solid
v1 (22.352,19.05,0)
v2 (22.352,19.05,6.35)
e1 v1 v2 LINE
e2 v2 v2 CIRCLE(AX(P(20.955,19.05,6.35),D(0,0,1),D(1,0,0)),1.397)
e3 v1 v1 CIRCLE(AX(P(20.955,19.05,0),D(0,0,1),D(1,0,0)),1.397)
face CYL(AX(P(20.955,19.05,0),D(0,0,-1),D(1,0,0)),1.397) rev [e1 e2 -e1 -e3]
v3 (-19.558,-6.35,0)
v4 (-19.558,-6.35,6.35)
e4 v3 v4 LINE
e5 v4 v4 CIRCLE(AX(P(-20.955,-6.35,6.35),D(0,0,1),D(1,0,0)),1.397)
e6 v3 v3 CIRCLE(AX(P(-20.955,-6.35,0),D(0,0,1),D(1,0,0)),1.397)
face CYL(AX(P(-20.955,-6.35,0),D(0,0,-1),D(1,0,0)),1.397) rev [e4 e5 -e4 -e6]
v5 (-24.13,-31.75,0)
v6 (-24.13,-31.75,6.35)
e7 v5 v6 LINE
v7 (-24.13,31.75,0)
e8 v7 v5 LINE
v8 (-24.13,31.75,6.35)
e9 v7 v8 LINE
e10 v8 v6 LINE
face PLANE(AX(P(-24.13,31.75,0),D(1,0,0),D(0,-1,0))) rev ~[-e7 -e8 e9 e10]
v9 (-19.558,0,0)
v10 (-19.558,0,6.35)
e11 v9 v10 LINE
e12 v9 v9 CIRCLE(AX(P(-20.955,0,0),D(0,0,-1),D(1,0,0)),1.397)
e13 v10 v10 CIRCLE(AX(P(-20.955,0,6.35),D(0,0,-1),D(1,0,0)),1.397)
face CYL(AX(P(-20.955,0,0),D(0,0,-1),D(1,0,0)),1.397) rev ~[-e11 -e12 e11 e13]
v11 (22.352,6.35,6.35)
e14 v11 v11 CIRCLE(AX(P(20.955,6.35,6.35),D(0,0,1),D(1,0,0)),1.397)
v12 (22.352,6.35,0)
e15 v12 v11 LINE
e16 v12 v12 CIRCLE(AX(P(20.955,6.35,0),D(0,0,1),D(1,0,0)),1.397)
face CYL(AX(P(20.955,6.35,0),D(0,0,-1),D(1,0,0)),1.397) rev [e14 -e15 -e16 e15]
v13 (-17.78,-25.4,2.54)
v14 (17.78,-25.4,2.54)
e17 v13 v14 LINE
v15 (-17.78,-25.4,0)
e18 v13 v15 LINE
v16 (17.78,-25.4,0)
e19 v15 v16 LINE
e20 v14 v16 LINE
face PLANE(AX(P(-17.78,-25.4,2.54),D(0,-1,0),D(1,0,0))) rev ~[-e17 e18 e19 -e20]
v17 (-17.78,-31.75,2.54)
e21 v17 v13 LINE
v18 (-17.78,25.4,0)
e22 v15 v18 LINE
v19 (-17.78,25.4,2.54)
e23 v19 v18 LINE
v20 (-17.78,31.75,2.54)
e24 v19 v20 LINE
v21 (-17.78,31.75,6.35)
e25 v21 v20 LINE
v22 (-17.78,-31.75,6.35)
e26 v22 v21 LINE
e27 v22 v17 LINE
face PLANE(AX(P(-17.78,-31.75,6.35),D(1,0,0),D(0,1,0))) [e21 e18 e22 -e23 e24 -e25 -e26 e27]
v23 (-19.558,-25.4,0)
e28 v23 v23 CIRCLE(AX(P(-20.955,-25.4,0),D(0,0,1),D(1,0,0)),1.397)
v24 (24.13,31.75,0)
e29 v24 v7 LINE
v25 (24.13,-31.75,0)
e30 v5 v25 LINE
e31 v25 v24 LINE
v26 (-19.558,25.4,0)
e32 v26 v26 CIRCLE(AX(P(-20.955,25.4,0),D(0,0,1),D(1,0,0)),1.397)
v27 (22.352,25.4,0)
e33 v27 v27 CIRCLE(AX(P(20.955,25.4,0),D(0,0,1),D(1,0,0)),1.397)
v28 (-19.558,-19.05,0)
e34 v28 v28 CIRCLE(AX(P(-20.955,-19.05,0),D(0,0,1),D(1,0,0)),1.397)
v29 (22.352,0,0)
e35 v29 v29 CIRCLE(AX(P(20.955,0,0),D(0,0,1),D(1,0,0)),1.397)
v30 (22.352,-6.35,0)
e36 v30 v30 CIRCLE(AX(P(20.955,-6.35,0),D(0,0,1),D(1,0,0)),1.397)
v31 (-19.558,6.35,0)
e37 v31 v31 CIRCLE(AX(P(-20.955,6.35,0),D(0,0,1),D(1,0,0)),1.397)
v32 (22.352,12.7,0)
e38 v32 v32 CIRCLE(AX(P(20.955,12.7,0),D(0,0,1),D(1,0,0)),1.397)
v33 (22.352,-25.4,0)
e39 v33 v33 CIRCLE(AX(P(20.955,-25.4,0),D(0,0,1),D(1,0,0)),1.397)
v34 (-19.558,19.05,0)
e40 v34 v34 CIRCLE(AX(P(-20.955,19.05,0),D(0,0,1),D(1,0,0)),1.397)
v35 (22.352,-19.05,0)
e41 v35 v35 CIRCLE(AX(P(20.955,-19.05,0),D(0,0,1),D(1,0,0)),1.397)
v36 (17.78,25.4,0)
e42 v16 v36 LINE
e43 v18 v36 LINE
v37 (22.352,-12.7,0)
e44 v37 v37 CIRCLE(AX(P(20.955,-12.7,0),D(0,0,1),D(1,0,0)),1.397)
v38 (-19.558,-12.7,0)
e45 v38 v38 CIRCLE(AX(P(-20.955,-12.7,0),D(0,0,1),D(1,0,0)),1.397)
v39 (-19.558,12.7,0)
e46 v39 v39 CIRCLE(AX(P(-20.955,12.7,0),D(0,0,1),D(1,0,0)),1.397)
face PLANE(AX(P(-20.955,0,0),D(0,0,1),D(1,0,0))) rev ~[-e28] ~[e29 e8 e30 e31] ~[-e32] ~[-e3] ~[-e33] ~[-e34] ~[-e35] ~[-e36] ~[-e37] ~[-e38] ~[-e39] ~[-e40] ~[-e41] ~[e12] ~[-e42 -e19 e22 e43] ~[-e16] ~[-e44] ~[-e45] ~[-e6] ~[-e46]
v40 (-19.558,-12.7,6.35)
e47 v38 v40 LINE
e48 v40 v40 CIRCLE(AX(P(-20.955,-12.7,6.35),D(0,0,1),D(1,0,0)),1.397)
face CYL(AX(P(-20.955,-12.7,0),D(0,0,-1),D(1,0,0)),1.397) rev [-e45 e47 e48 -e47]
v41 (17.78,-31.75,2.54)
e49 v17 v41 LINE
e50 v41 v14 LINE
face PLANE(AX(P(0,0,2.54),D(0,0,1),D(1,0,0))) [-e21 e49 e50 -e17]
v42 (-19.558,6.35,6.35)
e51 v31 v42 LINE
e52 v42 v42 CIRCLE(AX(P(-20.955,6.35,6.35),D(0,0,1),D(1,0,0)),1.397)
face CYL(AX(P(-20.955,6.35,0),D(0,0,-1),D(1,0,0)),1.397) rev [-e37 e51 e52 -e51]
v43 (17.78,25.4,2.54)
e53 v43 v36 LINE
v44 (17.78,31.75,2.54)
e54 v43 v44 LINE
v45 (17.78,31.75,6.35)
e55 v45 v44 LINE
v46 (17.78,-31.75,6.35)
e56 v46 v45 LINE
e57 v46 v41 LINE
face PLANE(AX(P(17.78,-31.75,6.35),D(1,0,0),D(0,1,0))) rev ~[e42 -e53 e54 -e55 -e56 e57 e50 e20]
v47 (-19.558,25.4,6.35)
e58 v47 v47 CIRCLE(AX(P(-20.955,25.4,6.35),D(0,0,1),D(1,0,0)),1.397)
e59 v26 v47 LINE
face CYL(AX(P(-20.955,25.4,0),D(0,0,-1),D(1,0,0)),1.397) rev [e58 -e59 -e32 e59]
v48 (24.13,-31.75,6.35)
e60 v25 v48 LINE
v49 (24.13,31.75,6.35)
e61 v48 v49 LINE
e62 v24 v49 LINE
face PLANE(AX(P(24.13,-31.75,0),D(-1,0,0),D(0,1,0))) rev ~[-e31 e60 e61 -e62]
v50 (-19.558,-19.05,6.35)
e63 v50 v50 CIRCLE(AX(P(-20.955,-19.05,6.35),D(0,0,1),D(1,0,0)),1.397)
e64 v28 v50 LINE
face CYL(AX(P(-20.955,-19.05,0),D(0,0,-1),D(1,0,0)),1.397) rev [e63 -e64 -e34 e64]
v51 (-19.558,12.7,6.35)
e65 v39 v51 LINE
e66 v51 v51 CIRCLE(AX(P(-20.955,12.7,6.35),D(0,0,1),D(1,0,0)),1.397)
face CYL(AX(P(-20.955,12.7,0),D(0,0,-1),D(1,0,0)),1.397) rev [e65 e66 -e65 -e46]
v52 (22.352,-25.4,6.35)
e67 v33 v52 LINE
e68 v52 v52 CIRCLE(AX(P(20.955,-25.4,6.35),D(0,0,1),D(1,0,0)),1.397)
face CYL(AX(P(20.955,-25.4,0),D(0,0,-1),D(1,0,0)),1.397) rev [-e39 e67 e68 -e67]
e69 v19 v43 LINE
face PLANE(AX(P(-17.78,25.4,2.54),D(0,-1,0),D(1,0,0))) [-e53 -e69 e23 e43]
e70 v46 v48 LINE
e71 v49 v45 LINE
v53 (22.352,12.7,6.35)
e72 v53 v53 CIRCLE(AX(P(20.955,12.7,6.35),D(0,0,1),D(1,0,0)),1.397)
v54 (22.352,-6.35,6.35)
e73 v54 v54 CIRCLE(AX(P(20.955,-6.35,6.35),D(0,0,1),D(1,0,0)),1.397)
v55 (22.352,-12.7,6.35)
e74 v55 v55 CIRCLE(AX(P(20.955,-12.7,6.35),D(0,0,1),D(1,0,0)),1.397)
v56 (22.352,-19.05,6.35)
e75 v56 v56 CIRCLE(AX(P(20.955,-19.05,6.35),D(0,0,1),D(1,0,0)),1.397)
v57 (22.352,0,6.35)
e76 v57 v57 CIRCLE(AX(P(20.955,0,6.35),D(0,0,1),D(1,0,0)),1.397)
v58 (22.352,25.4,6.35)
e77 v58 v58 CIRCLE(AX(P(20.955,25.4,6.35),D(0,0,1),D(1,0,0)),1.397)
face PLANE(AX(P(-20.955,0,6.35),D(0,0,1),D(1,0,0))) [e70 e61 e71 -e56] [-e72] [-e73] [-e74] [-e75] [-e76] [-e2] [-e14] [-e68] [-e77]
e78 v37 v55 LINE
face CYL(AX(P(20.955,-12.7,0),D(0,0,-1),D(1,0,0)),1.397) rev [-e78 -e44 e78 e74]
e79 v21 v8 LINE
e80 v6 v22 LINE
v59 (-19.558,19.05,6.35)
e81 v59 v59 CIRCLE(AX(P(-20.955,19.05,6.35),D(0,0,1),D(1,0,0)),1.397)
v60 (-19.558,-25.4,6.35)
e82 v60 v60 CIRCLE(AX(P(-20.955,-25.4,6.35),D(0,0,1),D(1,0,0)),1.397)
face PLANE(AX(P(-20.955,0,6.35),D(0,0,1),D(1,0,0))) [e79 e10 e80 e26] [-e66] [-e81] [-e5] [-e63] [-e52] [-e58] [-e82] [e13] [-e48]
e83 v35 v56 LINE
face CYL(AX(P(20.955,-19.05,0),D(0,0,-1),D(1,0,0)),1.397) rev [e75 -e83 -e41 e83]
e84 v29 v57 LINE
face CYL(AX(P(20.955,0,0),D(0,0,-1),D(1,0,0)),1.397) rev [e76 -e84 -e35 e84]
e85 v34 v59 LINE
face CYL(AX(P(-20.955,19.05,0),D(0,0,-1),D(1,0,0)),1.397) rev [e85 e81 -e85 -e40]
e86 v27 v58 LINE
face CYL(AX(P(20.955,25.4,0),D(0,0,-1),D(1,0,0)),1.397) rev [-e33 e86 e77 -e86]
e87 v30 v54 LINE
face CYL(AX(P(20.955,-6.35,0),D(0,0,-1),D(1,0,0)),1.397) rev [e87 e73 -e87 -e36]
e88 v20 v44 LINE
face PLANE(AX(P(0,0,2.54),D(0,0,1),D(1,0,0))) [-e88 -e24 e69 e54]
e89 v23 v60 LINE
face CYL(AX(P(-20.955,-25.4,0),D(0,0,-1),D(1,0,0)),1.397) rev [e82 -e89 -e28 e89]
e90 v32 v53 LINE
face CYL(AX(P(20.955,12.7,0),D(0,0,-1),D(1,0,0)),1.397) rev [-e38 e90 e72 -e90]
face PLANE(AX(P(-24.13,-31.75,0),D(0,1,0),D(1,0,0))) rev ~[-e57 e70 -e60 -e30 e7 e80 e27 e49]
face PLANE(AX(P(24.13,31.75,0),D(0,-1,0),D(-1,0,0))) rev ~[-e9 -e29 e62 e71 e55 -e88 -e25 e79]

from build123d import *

# Parameters (mm, degrees)
F0_R     = 1.397
F1_DEPTH = 6.35
F2_W     = 35.56
F2_H     = 63.5
F3_DEPTH = 3.81
F4_W     = 35.56
F4_H     = 50.8
F5_DEPTH = 25.4


with BuildPart() as f1:
    # F0 (on Top) → F1 (new body)
    with BuildSketch(Plane.XY):
        with BuildLine():
            ThreePointArc((-22.352, 0), (-20.955, -1.397), (-19.558, 0))
            ThreePointArc((-19.558, 0), (-20.955, 1.397), (-22.352, 0))
        make_face()
        Polygon((-24.13, 31.75), (-24.13, 0), (-24.13, -31.75), (-17.78, -31.75), (17.78, -31.75), (24.13, -31.75), (24.13, 31.75), (17.78, 31.75), (-17.78, 31.75), align=None)
        with Locations((-20.955, -25.4)):
            Circle(F0_R, mode=Mode.SUBTRACT)
        with Locations((-20.955, -19.05)):
            Circle(F0_R, mode=Mode.SUBTRACT)
        with Locations((-20.955, -12.7)):
            Circle(F0_R, mode=Mode.SUBTRACT)
        with Locations((-20.955, -6.35)):
            Circle(F0_R, mode=Mode.SUBTRACT)
        with Locations((20.955, -25.4)):
            Circle(F0_R, mode=Mode.SUBTRACT)
        with Locations((20.955, -19.05)):
            Circle(F0_R, mode=Mode.SUBTRACT)
        with Locations((20.955, -12.7)):
            Circle(F0_R, mode=Mode.SUBTRACT)
        with Locations((20.955, -6.35)):
            Circle(F0_R, mode=Mode.SUBTRACT)
        with BuildLine():
            ThreePointArc((-22.352, 0), (-20.955, 1.397), (-19.558, 0))
            ThreePointArc((-19.558, 0), (-20.955, -1.397), (-22.352, 0))
        make_face(mode=Mode.SUBTRACT)
        with Locations((-20.955, 6.35)):
            Circle(F0_R, mode=Mode.SUBTRACT)
        with Locations((-20.955, 12.7)):
            Circle(F0_R, mode=Mode.SUBTRACT)
        with Locations((-20.955, 19.05)):
            Circle(F0_R, mode=Mode.SUBTRACT)
        with Locations((-20.955, 25.4)):
            Circle(F0_R, mode=Mode.SUBTRACT)
        with Locations((20.955, 0)):
            Circle(F0_R, mode=Mode.SUBTRACT)
        with Locations((20.955, 6.35)):
            Circle(F0_R, mode=Mode.SUBTRACT)
        with Locations((20.955, 12.7)):
            Circle(F0_R, mode=Mode.SUBTRACT)
        with Locations((20.955, 19.05)):
            Circle(F0_R, mode=Mode.SUBTRACT)
        with Locations((20.955, 25.4)):
            Circle(F0_R, mode=Mode.SUBTRACT)
    extrude(amount=F1_DEPTH)

    # F2 (on face) → F3 (cut)
    with BuildSketch(Plane.XY.offset(6.35)):
        Rectangle(F2_W, F2_H)
    extrude(amount=-F3_DEPTH, mode=Mode.SUBTRACT)

    # F4 (on face) → F5 (cut)
    with BuildSketch(Plane.XY.offset(2.54)):
        Rectangle(F4_W, F4_H)
    extrude(amount=-F5_DEPTH, mode=Mode.SUBTRACT)


solid = f1.part
